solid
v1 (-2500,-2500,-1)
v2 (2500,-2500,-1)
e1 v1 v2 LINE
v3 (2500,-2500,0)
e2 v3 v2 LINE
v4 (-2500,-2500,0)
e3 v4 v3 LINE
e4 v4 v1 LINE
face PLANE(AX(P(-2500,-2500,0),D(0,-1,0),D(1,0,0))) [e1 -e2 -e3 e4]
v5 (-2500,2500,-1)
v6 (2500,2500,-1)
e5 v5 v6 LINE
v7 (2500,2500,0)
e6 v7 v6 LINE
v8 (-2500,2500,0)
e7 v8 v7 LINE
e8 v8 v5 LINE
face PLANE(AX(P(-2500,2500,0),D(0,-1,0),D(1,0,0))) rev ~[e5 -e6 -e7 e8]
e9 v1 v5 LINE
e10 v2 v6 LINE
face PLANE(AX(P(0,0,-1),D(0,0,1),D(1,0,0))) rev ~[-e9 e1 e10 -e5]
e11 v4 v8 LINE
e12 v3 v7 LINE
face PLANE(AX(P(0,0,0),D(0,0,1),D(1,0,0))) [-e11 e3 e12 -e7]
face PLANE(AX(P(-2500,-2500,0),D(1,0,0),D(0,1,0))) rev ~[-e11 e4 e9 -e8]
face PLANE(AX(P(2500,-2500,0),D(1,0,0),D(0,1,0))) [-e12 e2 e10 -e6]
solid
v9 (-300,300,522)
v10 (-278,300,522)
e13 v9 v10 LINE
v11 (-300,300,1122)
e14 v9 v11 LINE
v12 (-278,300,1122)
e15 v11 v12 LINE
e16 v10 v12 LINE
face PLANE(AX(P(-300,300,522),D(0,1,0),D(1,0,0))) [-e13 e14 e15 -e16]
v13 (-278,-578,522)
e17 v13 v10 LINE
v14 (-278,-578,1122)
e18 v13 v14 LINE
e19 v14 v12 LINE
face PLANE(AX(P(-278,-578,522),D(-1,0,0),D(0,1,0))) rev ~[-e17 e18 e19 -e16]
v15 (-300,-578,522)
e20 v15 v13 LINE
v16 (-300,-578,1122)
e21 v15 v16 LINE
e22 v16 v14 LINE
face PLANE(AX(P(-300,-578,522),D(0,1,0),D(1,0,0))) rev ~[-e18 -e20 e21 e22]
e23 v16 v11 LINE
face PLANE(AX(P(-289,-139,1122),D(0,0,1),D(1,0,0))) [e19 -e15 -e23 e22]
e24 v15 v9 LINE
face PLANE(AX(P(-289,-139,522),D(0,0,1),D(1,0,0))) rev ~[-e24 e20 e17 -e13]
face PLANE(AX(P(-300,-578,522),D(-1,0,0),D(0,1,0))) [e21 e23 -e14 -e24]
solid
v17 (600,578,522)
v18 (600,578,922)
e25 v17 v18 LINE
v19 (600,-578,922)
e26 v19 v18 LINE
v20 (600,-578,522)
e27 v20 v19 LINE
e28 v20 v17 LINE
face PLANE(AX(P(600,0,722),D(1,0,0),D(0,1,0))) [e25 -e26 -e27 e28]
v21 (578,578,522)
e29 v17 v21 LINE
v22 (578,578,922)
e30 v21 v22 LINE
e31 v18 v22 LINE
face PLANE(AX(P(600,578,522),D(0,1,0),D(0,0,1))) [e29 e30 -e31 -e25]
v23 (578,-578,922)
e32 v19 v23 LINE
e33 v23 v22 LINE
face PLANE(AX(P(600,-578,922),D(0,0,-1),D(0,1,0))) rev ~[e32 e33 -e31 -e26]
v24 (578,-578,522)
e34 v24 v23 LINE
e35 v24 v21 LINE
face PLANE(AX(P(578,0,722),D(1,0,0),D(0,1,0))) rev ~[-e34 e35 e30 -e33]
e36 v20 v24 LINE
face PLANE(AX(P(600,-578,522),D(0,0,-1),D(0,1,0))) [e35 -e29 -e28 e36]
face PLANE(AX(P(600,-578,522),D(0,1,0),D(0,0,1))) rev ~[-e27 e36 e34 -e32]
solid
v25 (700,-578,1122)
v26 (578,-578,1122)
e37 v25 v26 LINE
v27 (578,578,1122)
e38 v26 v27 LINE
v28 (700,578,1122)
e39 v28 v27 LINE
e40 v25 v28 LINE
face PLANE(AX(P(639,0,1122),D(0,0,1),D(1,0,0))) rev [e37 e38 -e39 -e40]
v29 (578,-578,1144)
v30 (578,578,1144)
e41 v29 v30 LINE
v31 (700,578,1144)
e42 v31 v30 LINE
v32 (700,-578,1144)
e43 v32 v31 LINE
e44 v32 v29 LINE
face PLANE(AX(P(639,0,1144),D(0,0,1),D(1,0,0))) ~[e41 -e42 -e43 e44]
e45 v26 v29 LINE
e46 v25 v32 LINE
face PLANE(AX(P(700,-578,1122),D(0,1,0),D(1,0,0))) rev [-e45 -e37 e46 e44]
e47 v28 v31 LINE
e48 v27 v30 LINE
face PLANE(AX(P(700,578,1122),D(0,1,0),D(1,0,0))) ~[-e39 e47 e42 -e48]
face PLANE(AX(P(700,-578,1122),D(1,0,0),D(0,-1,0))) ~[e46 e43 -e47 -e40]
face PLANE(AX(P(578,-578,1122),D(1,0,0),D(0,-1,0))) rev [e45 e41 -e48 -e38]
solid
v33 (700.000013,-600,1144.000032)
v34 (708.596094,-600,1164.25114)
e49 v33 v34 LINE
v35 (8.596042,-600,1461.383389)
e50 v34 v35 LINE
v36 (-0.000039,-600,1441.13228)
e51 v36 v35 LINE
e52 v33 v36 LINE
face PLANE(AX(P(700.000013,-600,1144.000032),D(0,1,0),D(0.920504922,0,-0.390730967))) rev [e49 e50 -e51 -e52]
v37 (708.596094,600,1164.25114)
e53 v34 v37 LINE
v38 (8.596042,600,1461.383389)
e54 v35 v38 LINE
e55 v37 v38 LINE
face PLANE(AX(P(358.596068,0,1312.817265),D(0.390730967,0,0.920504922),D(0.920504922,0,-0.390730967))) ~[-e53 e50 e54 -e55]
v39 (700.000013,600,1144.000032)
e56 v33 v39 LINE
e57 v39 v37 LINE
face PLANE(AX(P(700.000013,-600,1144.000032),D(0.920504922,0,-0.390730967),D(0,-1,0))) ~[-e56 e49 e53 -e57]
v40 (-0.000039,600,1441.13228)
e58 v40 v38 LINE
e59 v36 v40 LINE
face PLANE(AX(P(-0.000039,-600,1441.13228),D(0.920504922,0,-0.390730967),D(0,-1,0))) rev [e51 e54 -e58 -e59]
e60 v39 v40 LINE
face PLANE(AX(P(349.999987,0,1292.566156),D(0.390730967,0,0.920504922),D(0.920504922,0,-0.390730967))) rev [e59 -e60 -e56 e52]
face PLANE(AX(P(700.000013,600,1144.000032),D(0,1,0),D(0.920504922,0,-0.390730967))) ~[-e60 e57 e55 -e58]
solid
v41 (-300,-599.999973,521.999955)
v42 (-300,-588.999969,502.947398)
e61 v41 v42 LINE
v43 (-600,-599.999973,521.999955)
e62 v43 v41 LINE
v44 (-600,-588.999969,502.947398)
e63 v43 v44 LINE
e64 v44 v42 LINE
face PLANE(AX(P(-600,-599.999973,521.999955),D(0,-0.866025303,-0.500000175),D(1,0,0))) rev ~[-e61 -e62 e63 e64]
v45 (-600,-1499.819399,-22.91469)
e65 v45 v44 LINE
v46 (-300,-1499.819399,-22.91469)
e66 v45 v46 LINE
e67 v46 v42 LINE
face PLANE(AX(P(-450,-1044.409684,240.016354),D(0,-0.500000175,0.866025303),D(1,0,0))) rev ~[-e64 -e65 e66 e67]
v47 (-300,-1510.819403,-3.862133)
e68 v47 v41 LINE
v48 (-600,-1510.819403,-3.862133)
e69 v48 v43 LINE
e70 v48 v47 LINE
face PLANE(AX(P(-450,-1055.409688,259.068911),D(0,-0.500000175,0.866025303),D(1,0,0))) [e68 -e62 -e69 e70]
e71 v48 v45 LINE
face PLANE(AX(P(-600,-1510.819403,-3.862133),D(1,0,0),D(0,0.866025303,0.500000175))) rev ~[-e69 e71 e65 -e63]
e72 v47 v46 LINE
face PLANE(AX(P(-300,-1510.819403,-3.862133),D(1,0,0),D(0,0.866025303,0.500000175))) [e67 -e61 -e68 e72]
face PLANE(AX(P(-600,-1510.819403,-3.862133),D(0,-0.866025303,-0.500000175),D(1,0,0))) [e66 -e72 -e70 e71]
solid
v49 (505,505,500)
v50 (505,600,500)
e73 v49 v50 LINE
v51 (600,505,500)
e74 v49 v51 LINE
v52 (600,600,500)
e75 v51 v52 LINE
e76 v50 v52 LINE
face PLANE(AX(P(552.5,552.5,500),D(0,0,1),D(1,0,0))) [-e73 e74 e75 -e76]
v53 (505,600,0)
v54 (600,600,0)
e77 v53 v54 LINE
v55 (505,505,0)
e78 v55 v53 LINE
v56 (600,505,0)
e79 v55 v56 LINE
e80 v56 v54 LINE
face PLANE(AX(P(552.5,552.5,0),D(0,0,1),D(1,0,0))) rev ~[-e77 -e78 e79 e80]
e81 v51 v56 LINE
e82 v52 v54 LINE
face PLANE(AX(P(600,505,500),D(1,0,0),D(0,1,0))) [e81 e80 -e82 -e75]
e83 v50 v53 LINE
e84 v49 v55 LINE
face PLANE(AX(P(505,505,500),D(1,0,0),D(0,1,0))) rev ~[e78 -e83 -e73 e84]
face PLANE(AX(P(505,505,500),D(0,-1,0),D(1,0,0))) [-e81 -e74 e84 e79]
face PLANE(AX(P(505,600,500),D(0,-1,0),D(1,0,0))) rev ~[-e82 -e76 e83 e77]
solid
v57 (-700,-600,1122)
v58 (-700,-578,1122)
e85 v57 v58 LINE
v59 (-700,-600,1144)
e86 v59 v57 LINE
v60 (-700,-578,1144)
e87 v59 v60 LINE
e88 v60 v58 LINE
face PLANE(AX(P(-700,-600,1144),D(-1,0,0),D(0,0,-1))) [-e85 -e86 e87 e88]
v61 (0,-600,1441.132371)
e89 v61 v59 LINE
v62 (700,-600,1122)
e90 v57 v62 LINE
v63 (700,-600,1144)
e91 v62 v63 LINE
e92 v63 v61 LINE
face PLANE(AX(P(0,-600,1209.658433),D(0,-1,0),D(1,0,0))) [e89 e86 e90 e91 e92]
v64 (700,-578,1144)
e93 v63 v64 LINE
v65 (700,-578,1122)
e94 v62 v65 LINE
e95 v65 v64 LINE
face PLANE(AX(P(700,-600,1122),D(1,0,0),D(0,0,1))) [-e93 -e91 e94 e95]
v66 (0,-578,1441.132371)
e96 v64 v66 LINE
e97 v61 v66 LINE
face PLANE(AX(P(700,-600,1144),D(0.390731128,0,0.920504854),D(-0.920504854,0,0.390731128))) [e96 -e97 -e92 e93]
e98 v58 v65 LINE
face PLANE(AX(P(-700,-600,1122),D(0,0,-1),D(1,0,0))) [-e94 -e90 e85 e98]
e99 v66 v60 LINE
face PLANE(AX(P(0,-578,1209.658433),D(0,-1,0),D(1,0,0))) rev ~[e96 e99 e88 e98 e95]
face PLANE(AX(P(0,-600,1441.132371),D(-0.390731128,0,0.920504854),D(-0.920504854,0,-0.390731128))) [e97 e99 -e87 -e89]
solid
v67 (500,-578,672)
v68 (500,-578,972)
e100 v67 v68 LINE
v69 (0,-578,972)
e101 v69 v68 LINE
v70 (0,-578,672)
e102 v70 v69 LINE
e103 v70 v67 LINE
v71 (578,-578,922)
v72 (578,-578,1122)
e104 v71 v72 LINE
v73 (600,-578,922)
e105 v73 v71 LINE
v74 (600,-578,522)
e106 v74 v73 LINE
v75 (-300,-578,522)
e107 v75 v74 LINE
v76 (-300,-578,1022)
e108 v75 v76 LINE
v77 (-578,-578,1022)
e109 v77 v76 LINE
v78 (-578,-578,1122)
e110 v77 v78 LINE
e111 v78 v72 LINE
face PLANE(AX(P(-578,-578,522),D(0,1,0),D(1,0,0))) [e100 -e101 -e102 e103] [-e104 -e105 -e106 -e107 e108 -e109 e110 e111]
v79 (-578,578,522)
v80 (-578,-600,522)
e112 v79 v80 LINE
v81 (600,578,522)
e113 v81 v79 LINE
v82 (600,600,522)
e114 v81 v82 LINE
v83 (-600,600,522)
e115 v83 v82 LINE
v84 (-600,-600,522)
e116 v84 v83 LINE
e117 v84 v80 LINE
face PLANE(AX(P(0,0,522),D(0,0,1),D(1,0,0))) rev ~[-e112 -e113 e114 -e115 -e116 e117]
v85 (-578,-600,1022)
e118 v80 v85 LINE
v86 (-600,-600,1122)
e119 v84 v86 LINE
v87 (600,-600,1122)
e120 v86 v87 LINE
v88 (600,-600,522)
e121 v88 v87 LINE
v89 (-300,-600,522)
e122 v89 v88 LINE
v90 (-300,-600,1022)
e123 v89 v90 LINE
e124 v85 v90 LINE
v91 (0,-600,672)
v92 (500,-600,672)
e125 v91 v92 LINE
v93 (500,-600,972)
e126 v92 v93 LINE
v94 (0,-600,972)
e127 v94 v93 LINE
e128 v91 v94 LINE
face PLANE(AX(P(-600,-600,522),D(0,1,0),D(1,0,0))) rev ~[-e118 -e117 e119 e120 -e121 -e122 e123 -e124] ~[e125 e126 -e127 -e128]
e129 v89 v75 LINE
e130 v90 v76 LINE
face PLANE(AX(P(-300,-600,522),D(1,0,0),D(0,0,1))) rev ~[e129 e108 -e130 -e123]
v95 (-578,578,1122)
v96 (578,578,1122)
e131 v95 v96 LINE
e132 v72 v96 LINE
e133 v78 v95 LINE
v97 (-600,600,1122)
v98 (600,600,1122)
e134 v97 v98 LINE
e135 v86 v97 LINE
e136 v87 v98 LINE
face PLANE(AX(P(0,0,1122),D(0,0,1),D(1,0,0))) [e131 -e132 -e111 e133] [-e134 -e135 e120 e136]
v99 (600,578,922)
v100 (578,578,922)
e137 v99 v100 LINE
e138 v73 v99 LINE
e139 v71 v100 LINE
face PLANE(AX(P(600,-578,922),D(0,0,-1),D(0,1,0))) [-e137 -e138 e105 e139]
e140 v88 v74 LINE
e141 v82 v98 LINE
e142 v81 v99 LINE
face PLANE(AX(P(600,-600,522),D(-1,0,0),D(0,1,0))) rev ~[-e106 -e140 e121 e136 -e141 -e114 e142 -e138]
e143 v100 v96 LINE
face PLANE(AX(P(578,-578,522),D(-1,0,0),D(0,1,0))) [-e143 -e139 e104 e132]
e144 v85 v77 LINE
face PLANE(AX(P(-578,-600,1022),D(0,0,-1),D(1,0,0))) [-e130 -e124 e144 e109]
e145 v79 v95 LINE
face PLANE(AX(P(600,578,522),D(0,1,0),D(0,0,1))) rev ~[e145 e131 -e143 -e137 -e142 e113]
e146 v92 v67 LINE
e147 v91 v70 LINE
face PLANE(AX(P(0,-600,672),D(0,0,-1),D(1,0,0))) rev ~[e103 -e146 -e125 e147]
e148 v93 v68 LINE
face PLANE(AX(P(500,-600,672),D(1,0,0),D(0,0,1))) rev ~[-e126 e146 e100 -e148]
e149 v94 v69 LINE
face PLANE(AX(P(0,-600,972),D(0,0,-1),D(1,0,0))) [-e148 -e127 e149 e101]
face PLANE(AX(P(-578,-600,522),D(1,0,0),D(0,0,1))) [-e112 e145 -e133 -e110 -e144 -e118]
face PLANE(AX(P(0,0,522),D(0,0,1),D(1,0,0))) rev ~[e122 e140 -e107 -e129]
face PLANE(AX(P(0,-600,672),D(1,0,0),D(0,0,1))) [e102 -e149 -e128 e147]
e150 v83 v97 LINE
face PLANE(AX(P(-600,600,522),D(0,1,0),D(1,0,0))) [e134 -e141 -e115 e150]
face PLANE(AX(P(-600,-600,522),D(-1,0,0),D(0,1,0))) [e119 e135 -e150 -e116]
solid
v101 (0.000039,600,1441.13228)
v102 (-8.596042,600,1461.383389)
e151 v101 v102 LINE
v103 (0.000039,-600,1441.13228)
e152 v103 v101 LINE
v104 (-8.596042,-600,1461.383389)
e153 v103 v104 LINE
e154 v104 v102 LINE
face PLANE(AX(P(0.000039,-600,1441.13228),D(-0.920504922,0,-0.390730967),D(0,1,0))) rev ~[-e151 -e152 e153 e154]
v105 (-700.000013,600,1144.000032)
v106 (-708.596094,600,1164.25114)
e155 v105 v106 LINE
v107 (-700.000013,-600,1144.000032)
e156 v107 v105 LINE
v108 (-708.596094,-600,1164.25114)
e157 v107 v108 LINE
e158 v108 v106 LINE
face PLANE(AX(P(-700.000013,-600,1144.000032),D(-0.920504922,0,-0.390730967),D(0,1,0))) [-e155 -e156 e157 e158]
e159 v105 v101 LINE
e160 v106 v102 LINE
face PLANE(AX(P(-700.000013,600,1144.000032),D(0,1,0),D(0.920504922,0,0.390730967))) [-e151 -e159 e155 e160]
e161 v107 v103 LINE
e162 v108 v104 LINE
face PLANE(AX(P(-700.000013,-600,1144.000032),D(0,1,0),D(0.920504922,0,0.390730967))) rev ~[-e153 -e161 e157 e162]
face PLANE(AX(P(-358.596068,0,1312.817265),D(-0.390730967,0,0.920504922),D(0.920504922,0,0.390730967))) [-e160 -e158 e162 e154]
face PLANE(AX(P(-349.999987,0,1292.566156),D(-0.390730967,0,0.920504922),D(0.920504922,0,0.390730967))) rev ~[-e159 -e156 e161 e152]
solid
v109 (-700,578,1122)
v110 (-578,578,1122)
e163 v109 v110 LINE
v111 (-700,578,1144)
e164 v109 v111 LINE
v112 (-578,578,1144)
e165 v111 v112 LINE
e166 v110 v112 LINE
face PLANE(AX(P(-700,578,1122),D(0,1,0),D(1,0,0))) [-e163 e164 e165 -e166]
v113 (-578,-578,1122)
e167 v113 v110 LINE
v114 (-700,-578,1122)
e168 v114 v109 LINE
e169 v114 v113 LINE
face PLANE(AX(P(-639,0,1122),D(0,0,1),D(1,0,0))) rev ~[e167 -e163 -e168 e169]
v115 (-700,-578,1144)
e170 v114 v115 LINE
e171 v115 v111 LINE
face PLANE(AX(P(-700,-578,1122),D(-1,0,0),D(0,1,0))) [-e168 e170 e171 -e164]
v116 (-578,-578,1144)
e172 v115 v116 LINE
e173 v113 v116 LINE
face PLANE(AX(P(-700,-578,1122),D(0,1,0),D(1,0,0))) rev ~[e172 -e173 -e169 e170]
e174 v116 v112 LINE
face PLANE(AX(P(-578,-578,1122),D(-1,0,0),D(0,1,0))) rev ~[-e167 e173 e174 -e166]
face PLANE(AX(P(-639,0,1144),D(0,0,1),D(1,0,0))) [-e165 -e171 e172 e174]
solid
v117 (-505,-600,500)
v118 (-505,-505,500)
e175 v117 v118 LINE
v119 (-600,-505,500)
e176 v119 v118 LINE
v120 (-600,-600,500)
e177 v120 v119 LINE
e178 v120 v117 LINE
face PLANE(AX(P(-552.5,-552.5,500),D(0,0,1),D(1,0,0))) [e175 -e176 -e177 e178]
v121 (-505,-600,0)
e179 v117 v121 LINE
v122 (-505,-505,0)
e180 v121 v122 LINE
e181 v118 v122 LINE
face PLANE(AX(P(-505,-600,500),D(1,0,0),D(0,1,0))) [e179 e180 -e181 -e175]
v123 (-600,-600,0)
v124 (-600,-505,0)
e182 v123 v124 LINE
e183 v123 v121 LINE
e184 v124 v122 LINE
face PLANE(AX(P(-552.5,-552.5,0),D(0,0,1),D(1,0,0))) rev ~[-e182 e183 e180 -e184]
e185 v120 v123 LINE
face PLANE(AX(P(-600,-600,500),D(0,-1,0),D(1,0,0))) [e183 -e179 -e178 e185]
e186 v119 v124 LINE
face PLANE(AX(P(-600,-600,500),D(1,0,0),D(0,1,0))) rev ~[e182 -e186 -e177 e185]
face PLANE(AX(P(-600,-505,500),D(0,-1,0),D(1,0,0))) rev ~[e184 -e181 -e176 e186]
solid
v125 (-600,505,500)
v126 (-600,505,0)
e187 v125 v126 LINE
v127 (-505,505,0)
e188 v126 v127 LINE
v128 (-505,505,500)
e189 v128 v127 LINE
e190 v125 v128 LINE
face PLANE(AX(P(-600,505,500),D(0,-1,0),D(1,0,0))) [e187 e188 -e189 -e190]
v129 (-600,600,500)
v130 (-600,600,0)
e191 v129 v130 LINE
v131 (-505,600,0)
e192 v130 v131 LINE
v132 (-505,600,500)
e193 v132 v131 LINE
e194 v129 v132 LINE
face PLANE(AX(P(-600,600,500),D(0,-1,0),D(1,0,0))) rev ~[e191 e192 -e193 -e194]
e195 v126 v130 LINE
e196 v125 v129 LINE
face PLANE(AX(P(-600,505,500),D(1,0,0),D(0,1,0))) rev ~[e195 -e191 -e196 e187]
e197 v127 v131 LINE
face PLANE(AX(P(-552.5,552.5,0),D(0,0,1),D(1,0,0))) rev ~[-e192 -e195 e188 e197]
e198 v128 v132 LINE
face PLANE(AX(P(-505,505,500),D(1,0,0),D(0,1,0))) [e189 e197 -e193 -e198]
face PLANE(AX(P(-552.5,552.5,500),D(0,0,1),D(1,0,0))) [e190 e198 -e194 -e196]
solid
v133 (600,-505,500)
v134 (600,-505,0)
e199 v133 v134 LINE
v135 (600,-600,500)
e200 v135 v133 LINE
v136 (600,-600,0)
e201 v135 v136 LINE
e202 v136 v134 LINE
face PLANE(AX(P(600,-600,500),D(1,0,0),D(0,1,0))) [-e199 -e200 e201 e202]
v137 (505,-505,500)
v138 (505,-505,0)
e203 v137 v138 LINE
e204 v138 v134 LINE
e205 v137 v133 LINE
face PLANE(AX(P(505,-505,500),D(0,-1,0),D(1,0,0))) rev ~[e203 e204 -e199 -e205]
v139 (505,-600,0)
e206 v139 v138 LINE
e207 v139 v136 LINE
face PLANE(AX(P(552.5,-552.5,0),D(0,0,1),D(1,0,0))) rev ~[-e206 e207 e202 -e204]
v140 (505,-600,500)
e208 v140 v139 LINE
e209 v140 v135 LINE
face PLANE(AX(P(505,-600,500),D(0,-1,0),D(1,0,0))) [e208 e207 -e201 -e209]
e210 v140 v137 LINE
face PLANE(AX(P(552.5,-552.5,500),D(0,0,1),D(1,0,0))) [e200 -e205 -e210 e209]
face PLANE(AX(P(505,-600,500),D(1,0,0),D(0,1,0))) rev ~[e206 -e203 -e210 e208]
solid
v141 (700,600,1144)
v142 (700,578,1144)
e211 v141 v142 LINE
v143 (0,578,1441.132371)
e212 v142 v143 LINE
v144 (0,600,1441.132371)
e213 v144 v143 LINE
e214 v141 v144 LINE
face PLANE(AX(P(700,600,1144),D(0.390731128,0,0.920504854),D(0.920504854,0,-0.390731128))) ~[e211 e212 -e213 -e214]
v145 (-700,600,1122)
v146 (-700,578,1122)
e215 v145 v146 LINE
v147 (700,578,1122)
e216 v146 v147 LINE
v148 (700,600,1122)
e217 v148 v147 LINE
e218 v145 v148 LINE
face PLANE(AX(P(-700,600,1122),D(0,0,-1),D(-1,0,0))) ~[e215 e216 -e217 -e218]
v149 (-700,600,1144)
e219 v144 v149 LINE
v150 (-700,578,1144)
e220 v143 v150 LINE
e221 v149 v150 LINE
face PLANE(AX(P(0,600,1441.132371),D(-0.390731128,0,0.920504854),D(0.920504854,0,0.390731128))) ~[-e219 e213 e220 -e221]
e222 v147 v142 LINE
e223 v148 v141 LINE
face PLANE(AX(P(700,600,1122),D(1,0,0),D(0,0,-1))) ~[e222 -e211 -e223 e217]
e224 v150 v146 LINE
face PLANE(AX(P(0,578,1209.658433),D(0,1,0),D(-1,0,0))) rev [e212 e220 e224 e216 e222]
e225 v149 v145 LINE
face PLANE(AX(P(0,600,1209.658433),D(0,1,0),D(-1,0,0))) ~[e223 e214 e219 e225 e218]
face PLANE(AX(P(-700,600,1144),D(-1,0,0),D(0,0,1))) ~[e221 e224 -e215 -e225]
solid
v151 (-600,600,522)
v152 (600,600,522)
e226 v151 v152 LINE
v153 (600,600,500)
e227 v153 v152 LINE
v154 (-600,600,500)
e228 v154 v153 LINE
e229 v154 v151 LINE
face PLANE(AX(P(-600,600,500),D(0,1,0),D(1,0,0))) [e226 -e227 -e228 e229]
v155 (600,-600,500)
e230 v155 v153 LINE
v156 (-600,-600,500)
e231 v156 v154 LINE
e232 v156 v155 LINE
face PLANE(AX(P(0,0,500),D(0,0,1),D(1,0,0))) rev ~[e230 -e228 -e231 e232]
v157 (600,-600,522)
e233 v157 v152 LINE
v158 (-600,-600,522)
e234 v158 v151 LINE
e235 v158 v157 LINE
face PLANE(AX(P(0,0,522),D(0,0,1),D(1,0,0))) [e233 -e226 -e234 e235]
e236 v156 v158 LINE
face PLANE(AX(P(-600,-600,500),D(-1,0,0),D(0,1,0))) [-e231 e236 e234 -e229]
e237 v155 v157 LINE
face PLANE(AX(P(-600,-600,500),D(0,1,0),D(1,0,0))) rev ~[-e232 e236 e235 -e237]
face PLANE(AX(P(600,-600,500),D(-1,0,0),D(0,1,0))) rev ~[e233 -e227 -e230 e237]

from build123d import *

# Parameters (mm, degrees)
F0_W      = 5000
F0_H      = 5000
F1_DEPTH  = 1
F3_W      = 1200
F3_H      = 1200
F4_DEPTH  = 22
F5_W      = 95
F5_H      = 95
F6_DEPTH  = 500
F7_W      = 1200
F7_H      = 1200
F7_W_2    = 1156
F7_H_2    = 1156
F8_DEPTH  = 600
F10_W     = 300
F10_H     = 1051.723809
F11_DEPTH = 22
F12_W     = 22
F12_H     = 878
F13_DEPTH = 600
F14_W     = 278
F14_H     = 500
F15_DEPTH = 22
F16_W     = 1156
F16_H     = 400
F17_DEPTH = 22
F18_W     = 1156
F18_H     = 400
F19_DEPTH = 22
F20_W     = 500
F20_H     = 300
F21_DEPTH = 22
F23_DEPTH = 22
F25_W     = 122
F25_H     = 1156
F26_DEPTH = 22
F28_W     = 760.452264
F28_H     = 1200
F29_DEPTH = 22


with BuildPart() as f1:
    # F0 (on Top) → F1 (new body)
    with BuildSketch(Plane.XY):
        Rectangle(F0_W, F0_H)
    extrude(amount=-F1_DEPTH)


with BuildPart() as f4:
    # F3 (on offset) → F4 (new body)
    with BuildSketch(Plane.XY.offset(500)):
        Rectangle(F3_W, F3_H)
    extrude(amount=F4_DEPTH)


with BuildPart() as f6:
    # F5 (on offset) → F6 (new body, through all)
    with BuildSketch(Plane.XY.offset(500)):
        with Locations((-552.5, 552.5)):
            Rectangle(F5_W, F5_H)
        with Locations((552.5, 552.5)):
            Rectangle(F5_W, F5_H)
        with Locations((-552.5, -552.5)):
            Rectangle(F5_W, F5_H)
        with Locations((552.5, -552.5)):
            Rectangle(F5_W, F5_H)
    extrude(amount=-F6_DEPTH)


with BuildPart() as f8:
    # F7 (on face) → F8 (new body)
    with BuildSketch(Plane.XY.offset(522)):
        Rectangle(F7_W, F7_H)
        Rectangle(F7_W_2, F7_H_2, mode=Mode.SUBTRACT)
    extrude(amount=F8_DEPTH)

    # F14 (on face) → F15 (cut, through all)
    with BuildSketch(Plane.XZ.offset(600)):
        with Locations((-439, 772)):
            Rectangle(F14_W, F14_H)
    extrude(amount=-F15_DEPTH, mode=Mode.SUBTRACT)

    # F16 (on face) → F17 (cut, through all)
    with BuildSketch(Plane.YZ.offset(600)):
        with Locations((0, 722)):
            Rectangle(F16_W, F16_H)
    extrude(amount=-F17_DEPTH, mode=Mode.SUBTRACT)

    # F20 (on face) → F21 (cut, through all)
    with BuildSketch(Plane.XZ.offset(600)):
        with Locations((250, 822)):
            Rectangle(F20_W, F20_H)
    extrude(amount=-F21_DEPTH, mode=Mode.SUBTRACT)


with BuildPart() as f11:
    # F10 (on face) → F11 (new body)
    with BuildSketch(Plane(origin=(0, -376.03263, 651.307621), x_dir=(1, 0, 0), z_dir=(0, -0.5, 0.866025))):
        with Locations((-450, -784.477146)):
            Rectangle(F10_W, F10_H)
    extrude(amount=-F11_DEPTH)


with BuildPart() as f13:
    # F12 (on face) → F13 (new body)
    with BuildSketch(Plane.XY.offset(522)):
        with Locations((-289, -139)):
            Rectangle(F12_W, F12_H)
    extrude(amount=F13_DEPTH)


with BuildPart() as f19:
    # F18 (on face) → F19 (new body)
    with BuildSketch(Plane.YZ.offset(600)):
        with Locations((0, 722)):
            Rectangle(F18_W, F18_H)
    extrude(amount=-F19_DEPTH)


with BuildPart() as f23:
    # F22 (on face) → F23 (new body)
    with BuildSketch(Plane.XZ.offset(600)):
        Polygon((-700, 1144), (-700, 1122), (700, 1122), (700, 1144), (0, 1441.132371), align=None)
    extrude(amount=-F23_DEPTH)


with BuildPart() as f24_1:
    # F24: instance of F23
    add(f23.part.mirror(Plane.XZ))


with BuildPart() as f26:
    # F25 (on face) → F26 (new body)
    with BuildSketch(Plane.XY.offset(1122)):
        with Locations((-639, 0)):
            Rectangle(F25_W, F25_H)
    extrude(amount=F26_DEPTH)


with BuildPart() as f27_1:
    # F27: instance of F26
    add(f26.part.mirror(Plane.YZ))


with BuildPart() as f29:
    # F28 (on face) → F29 (new body)
    with BuildSketch(Plane(origin=(-518.331936, 0, 1221.113518), x_dir=(0.920505, 0, 0.390731), z_dir=(-0.390731, 0, 0.920505))):
        with Locations((182.869146, 0)):
            Rectangle(F28_W, F28_H)
    extrude(amount=F29_DEPTH)


with BuildPart() as f30_1:
    # F30: instance of F29
    add(f29.part.mirror(Plane.YZ))


solid = Compound([f1.part, f4.part, f6.part, f8.part, f11.part, f13.part, f19.part, f23.part, f24_1.part, f26.part, f27_1.part, f29.part, f30_1.part])
